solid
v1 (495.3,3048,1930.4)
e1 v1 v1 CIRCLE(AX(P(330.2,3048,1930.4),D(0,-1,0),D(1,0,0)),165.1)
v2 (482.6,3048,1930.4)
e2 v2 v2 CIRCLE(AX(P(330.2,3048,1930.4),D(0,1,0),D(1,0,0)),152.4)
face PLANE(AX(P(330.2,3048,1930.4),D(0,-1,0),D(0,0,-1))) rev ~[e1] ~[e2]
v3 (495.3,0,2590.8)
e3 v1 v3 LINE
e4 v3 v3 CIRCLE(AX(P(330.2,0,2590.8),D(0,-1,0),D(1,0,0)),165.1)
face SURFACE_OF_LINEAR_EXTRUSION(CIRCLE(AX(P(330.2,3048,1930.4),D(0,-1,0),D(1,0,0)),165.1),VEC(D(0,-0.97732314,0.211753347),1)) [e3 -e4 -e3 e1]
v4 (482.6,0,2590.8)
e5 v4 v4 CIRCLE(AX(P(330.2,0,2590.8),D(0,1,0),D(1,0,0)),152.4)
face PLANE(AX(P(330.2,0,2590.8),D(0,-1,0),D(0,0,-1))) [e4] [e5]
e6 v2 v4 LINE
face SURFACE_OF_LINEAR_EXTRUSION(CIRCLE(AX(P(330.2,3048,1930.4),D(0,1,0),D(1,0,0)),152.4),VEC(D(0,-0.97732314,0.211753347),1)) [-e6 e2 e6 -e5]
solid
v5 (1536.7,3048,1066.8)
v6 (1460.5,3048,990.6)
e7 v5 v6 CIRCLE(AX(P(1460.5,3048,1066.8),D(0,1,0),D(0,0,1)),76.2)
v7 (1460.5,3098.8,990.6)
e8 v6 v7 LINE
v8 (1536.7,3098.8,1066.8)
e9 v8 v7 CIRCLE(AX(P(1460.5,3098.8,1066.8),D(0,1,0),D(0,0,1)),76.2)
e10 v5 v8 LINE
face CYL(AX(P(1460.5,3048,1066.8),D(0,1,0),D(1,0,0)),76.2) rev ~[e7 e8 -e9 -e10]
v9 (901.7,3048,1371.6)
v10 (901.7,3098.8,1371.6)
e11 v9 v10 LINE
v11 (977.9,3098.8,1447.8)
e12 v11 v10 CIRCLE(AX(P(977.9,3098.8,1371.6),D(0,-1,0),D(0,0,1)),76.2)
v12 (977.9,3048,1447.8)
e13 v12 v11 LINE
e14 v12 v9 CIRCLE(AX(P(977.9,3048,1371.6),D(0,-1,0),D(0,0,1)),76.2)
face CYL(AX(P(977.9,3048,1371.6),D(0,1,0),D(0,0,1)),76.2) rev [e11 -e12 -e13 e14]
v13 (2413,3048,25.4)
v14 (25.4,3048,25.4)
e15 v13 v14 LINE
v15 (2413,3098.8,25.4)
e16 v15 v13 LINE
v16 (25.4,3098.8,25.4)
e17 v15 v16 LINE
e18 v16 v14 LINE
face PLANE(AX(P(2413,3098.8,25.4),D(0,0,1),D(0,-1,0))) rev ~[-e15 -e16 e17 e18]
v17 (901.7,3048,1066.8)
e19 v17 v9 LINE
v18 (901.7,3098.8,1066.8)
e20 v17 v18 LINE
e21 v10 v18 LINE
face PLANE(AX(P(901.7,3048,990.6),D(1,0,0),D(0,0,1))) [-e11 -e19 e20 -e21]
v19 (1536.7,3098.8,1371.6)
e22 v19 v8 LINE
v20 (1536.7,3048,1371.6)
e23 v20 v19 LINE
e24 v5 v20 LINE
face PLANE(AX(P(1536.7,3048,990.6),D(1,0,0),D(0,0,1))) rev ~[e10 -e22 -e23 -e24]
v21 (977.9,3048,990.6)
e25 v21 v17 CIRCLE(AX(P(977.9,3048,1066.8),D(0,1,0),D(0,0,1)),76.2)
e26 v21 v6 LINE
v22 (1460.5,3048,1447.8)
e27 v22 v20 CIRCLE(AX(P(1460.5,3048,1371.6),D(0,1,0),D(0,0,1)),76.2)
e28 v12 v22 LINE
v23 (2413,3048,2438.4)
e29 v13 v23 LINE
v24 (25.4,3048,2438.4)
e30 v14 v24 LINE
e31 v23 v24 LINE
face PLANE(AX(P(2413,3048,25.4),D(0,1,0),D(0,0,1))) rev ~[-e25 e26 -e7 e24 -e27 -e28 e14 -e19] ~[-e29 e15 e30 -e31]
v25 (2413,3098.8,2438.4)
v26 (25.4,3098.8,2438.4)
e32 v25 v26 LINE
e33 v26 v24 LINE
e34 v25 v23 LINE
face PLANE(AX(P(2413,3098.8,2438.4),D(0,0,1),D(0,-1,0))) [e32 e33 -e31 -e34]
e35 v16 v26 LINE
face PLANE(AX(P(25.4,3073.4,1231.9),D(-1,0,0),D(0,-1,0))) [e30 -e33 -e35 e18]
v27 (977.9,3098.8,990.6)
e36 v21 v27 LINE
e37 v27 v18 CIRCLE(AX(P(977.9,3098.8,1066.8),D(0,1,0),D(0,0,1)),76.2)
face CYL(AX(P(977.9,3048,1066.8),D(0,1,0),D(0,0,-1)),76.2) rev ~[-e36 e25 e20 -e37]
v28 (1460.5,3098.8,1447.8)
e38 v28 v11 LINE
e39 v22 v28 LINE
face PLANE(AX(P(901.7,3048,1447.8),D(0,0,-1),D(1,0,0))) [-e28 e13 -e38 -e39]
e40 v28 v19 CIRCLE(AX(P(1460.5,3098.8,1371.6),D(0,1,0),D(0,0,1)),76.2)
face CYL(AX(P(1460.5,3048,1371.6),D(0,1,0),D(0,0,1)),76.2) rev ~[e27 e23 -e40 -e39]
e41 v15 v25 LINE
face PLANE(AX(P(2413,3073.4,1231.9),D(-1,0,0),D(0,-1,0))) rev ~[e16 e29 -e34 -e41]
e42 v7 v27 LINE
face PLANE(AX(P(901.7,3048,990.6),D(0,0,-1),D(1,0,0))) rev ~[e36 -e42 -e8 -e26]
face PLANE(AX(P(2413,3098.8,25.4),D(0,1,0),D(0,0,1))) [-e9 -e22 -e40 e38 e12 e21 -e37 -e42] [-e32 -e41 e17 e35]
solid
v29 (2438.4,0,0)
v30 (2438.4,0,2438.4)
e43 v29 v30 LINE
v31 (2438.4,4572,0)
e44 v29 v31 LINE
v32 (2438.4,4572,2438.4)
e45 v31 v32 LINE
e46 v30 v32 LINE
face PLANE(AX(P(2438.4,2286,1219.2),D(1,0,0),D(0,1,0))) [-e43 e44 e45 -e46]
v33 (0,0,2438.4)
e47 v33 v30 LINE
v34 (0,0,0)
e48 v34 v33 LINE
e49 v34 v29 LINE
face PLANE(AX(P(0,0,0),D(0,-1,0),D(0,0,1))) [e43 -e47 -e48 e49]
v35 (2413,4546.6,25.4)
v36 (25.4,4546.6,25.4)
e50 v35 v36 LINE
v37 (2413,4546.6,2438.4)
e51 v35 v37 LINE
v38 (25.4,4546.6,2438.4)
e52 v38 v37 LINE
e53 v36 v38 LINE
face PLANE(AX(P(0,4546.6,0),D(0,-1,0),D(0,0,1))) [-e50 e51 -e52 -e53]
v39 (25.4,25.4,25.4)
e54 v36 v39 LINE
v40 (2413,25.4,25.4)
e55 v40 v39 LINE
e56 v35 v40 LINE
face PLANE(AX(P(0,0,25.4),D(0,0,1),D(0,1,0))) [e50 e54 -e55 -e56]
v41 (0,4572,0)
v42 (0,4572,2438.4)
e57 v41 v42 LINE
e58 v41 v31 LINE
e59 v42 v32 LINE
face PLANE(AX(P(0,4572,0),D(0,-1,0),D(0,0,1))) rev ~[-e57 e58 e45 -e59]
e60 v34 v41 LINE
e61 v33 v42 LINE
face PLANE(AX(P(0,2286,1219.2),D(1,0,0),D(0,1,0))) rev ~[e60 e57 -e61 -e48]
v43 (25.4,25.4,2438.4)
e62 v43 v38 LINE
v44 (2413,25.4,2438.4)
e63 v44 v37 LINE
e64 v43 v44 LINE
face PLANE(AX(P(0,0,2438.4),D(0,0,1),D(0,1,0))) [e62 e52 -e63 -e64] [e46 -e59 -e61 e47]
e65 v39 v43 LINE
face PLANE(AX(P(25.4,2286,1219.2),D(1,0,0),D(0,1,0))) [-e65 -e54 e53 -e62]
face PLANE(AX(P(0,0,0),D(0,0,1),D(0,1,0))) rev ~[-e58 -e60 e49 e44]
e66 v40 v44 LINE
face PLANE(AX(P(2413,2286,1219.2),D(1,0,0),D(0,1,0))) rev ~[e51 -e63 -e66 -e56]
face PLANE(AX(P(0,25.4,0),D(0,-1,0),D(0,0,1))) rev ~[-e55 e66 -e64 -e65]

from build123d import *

# Parameters (mm, degrees)
F0_W     = 4572
F0_H     = 2438.4
F1_DEPTH = 2438.4
F2_T     = -25.4
F3_W     = 50.8
F3_H     = 2413
F4_DEPTH = 2387.6
F5_W     = 635
F5_H     = 457.2
F6_DEPTH = 76.2
F7_R     = 76.2
F10_R    = 165.1
F10_R_2  = 152.4


with BuildPart() as f1:
    # F0 (on Right) → F1 (new body)
    with BuildSketch(Plane.YZ):
        with Locations((2286, 1219.2)):
            Rectangle(F0_W, F0_H)
    extrude(amount=F1_DEPTH)

    # F2
    f2_openings = [f1.faces().sort_by_distance(p)[0] for p in [
        (1219.2, 2286, 2438.4),
    ]]
    offset(amount=F2_T, openings=f2_openings)


with BuildPart() as f4:
    # F3 (on face) → F4 (new body, through all)
    with BuildSketch(Plane(origin=(2413, 0, 0), x_dir=(0, -1, 0), z_dir=(-1, 0, 0))):
        with Locations((-3073.4, 1231.9)):
            Rectangle(F3_W, F3_H)
    extrude(amount=F4_DEPTH)

    # F5 (on face) → F6 (cut)
    with BuildSketch(Plane.XZ.offset(-3048)):
        with Locations((1219.1999999997, 1219.2)):
            Rectangle(F5_W, F5_H)
    extrude(amount=-F6_DEPTH, mode=Mode.SUBTRACT)

    # F7
    f7_edges = [f4.edges().sort_by_distance(p)[0] for p in [
        (901.7, 3073.4, 990.6),
        (1536.7, 3073.4, 990.6),
        (901.7, 3073.4, 1447.8),
        (1536.7, 3073.4, 1447.8),
    ]]
    fillet(f7_edges, radius=F7_R)


with BuildPart() as f11:
    # F11: sweep along a path in F9
    with BuildLine(Plane.YZ.offset(330.2)) as f11_path:
        Line((3048, 1930.4), (0, 2590.8))
    # F10 (on face) → F11 (sweep)
    with BuildSketch(Plane.XZ.offset(-3048)):
        with Locations((330.2, 1930.4)):
            Circle(F10_R)
        with Locations((330.2, 1930.4)):
            Circle(F10_R_2, mode=Mode.SUBTRACT)
    sweep(path=f11_path.line)


solid = Compound([f1.part, f4.part, f11.part])
